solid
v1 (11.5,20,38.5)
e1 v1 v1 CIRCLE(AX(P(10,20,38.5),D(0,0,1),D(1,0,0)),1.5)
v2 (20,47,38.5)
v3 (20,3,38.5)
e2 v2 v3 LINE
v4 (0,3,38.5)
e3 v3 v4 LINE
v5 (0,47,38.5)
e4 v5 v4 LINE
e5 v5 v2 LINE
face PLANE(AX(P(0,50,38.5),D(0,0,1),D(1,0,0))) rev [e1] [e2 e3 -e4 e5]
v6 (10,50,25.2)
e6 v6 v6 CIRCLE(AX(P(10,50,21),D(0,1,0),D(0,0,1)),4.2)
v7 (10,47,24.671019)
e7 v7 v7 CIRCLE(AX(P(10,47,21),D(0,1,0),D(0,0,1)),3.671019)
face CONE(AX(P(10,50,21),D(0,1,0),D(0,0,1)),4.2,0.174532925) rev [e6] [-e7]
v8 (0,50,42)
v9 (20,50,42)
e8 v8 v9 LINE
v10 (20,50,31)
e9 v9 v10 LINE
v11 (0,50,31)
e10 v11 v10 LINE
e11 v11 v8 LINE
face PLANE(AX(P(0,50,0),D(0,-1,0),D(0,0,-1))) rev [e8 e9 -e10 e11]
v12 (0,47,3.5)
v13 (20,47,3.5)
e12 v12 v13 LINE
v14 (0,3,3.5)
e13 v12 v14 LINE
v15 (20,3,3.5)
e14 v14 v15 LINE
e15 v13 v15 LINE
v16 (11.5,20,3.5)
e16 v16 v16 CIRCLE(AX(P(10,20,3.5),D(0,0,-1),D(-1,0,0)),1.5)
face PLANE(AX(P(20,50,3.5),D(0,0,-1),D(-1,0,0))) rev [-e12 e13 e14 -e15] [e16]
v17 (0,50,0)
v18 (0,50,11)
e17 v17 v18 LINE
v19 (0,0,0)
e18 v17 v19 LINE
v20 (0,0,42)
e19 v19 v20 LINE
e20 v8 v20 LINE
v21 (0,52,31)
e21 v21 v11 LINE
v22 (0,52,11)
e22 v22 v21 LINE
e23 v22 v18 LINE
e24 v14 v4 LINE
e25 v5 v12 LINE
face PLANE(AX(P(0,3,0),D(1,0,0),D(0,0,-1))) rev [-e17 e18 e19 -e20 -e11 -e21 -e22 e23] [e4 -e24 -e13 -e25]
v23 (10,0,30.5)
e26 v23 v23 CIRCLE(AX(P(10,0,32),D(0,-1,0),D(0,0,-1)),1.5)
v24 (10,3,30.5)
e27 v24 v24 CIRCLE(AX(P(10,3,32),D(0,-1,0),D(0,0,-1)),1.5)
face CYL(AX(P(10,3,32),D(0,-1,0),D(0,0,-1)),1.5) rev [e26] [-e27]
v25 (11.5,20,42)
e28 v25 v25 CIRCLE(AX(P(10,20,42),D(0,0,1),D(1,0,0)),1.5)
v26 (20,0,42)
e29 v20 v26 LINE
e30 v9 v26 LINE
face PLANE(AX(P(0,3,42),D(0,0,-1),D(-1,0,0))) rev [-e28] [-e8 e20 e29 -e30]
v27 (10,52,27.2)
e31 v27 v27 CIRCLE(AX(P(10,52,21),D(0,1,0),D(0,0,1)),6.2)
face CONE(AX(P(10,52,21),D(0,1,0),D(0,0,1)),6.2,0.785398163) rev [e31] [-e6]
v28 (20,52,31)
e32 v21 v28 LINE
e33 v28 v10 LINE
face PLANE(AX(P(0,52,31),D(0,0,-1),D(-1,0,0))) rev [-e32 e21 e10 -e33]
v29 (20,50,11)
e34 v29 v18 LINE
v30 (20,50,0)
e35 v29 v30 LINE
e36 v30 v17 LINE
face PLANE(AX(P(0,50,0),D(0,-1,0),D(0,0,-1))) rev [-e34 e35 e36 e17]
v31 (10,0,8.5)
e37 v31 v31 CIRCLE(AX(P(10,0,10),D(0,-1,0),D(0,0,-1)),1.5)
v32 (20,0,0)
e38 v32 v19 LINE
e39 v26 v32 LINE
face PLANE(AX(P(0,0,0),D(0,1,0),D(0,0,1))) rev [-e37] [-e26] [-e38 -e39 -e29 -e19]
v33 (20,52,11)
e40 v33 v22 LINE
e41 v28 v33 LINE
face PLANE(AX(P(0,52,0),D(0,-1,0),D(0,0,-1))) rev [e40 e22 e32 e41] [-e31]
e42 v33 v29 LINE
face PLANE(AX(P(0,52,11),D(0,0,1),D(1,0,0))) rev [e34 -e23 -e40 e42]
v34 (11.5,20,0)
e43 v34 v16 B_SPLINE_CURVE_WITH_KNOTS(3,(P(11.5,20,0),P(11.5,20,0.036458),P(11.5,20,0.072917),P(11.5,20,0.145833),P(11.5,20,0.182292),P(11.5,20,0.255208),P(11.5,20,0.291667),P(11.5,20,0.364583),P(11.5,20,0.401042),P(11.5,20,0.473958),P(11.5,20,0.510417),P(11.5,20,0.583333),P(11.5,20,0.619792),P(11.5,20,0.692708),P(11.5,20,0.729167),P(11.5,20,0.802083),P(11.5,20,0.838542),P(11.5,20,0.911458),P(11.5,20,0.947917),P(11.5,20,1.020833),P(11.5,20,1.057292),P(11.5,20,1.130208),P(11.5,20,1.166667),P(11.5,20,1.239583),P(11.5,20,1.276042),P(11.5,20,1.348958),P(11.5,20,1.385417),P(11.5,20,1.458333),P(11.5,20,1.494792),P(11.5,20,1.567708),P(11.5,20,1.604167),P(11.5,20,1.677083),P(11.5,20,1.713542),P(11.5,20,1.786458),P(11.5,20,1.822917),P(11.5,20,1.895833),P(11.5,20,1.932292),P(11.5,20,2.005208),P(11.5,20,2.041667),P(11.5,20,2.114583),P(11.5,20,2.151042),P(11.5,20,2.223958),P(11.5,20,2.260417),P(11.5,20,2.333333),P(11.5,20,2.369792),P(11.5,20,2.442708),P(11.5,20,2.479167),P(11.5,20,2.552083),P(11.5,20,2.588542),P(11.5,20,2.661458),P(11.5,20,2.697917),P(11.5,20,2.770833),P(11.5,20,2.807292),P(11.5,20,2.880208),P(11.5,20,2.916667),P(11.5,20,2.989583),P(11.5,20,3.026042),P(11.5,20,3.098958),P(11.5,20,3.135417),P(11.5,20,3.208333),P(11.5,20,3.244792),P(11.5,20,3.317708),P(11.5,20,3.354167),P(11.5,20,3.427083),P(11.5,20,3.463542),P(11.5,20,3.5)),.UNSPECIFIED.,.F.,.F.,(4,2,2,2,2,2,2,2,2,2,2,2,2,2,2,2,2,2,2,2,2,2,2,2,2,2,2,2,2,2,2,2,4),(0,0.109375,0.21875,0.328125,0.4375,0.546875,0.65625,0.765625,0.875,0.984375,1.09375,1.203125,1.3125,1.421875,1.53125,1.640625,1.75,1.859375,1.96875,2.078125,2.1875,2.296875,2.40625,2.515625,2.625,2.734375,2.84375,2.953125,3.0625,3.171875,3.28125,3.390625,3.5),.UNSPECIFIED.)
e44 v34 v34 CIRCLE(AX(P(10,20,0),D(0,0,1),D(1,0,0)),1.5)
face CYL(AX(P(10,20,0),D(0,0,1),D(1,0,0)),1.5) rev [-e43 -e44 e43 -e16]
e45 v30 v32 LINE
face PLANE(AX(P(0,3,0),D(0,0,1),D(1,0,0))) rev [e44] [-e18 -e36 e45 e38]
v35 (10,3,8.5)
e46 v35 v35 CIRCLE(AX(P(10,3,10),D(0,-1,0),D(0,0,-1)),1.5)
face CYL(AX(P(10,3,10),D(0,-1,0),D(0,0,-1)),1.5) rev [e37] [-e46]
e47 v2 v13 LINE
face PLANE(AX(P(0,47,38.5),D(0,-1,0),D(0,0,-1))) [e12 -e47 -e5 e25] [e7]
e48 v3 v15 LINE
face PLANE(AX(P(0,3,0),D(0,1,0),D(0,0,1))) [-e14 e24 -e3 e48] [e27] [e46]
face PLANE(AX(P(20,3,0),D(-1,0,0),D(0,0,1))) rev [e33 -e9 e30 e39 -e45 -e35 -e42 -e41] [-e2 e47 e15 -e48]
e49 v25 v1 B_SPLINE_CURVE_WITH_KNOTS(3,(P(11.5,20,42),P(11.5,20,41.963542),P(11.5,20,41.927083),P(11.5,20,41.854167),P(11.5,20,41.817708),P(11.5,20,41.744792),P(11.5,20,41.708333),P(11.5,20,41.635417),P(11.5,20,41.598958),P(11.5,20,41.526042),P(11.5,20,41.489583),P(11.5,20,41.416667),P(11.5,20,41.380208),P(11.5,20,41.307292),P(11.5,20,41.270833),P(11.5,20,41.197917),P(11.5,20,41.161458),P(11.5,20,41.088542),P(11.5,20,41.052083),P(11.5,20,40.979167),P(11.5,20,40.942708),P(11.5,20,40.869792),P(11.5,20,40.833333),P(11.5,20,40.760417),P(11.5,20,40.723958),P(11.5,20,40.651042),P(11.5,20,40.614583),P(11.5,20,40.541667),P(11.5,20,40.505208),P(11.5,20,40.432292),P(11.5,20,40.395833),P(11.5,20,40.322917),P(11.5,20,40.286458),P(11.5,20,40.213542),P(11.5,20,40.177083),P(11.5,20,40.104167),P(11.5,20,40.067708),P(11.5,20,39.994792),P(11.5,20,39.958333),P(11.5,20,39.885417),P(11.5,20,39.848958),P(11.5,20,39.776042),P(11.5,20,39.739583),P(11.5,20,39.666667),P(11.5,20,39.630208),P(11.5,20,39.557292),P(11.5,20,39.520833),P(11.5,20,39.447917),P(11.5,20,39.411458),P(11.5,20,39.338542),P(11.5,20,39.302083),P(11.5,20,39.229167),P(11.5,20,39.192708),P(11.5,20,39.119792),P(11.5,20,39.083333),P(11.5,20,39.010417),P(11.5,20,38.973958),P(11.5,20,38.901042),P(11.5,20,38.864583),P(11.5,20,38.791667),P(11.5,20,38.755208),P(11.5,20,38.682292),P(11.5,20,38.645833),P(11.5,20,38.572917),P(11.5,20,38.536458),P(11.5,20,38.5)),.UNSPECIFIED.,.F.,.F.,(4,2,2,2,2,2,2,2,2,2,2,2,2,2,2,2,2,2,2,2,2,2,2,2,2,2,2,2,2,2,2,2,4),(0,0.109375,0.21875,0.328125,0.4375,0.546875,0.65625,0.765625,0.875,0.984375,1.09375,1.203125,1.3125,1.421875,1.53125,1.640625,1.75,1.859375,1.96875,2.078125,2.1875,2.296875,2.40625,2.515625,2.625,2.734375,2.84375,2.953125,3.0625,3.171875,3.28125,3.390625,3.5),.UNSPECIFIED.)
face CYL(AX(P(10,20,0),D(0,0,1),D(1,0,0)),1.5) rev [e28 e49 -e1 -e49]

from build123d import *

# Parameters (mm, degrees)
SKETCH_1_W          = 20
SKETCH_1_H          = 42
EXTRUDE_1_DEPTH     = 3
SKETCH_2_W          = 20
SKETCH_2_H          = 3.5
EXTRUDE_2_DEPTH     = 47
SKETCH_3_R          = 1.5
CUT_EXTRUDE_1_DEPTH = 69.293484316
SKETCH_4_W          = 35
SKETCH_4_H          = 3
EXTRUDE_3_DEPTH     = 20
SKETCH_8_W          = 20
SKETCH_8_H          = 20
EXTRUDE_5_DEPTH     = 2
SKETCH_9_R          = 6.2
CUT_EXTRUDE_4_DEPTH = 2
CUT_EXTRUDE_4_DRAFT = -45
SKETCH_10_R         = 4.2
CUT_EXTRUDE_5_DEPTH = 3
CUT_EXTRUDE_5_DRAFT = -10
SKETCH_11_R         = 1.5
CUT_EXTRUDE_6_DEPTH = 3


with BuildPart() as part:
    # 草图1 → 凸台-拉伸1 (new body)
    with BuildSketch(Plane(origin=(0, 0, 0), x_dir=(1, 0, 0), z_dir=(0, 1, 0))):
        with Locations((10, -21)):
            Rectangle(SKETCH_1_W, SKETCH_1_H)
    extrude(amount=EXTRUDE_1_DEPTH)

    # 草图2 → 凸台-拉伸2 (add)
    with BuildSketch(Plane(origin=(0, 3, 0), x_dir=(1, 0, 0), z_dir=(0, 1, 0))):
        with Locations((10, -40.25)):
            Rectangle(SKETCH_2_W, SKETCH_2_H)
        with Locations((10, -1.75)):
            Rectangle(SKETCH_2_W, SKETCH_2_H)
    extrude(amount=EXTRUDE_2_DEPTH)

    # 草图3 → 切除-拉伸1 (cut, through all)
    with BuildSketch(Plane.XY.offset(42)):
        with Locations((10, 20)):
            Circle(SKETCH_3_R)
    extrude(amount=-CUT_EXTRUDE_1_DEPTH, mode=Mode.SUBTRACT)

    # 草图4 → 凸台-拉伸3 (add)
    with BuildSketch(Plane(origin=(20, 0, 0), x_dir=(0, 0, -1), z_dir=(1, 0, 0))):
        with Locations((-21, 48.5)):
            Rectangle(SKETCH_4_W, SKETCH_4_H)
    extrude(amount=-EXTRUDE_3_DEPTH)

    # 草图8 → 凸台-拉伸5 (add)
    with BuildSketch(Plane(origin=(0, 50, 0), x_dir=(1, 0, 0), z_dir=(0, 1, 0))):
        with Locations((10, -21)):
            Rectangle(SKETCH_8_W, SKETCH_8_H)
    extrude(amount=EXTRUDE_5_DEPTH)


with BuildPart() as cut_extrude_4_tool:
    # 草图9 → 切除-拉伸4 (with draft: the straight prism first)
    with BuildSketch(Plane(origin=(0, 52, 0), x_dir=(1, 0, 0), z_dir=(0, 1, 0))):
        with Locations((10, -21)):
            Circle(SKETCH_9_R)
    extrude(amount=-CUT_EXTRUDE_4_DEPTH)
    # 切除-拉伸4: the draft: its side faces are tilted about the plane it starts from
    cut_extrude_4_sides = [cut_extrude_4_tool.faces().sort_by_distance(p)[0] for p in [
        (3.8, 51, 21),
    ]]
    draft(cut_extrude_4_sides, Plane(origin=(0, 52, 0), x_dir=(1, 0, 0), z_dir=(0, 1, 0)), CUT_EXTRUDE_4_DRAFT)


with BuildPart() as part_1:
    add(part.part)

    # 切除-拉伸4: cut by cut_extrude_4_tool
    add(cut_extrude_4_tool.part, mode=Mode.SUBTRACT)


with BuildPart() as cut_extrude_5_tool:
    # 草图10 → 切除-拉伸5 (with draft: the straight prism first)
    with BuildSketch(Plane(origin=(0, 50, 0), x_dir=(1, 0, 0), z_dir=(0, 1, 0))):
        with Locations((10, -21)):
            Circle(SKETCH_10_R)
    extrude(amount=-CUT_EXTRUDE_5_DEPTH)
    # 切除-拉伸5: the draft: its side faces are tilted about the plane it starts from
    cut_extrude_5_sides = [cut_extrude_5_tool.faces().sort_by_distance(p)[0] for p in [
        (5.8, 48.5, 21),
    ]]
    draft(cut_extrude_5_sides, Plane(origin=(0, 50, 0), x_dir=(1, 0, 0), z_dir=(0, 1, 0)), CUT_EXTRUDE_5_DRAFT)


with BuildPart() as part_2:
    add(part_1.part)

    # 切除-拉伸5: cut by cut_extrude_5_tool
    add(cut_extrude_5_tool.part, mode=Mode.SUBTRACT)

    # 草图11 → 切除-拉伸6 (cut)
    with BuildSketch(Plane(origin=(0, 0, 0), x_dir=(-1, 0, 0), z_dir=(0, -1, 0))):
        with Locations(Location((-10, -32, 0), (0, 0, 90))):
            Circle(SKETCH_11_R)
        with Locations(Location((-10, -10, 0), (0, 0, 90))):
            Circle(SKETCH_11_R)
    extrude(amount=-CUT_EXTRUDE_6_DEPTH, mode=Mode.SUBTRACT)


solid = part_2.part
